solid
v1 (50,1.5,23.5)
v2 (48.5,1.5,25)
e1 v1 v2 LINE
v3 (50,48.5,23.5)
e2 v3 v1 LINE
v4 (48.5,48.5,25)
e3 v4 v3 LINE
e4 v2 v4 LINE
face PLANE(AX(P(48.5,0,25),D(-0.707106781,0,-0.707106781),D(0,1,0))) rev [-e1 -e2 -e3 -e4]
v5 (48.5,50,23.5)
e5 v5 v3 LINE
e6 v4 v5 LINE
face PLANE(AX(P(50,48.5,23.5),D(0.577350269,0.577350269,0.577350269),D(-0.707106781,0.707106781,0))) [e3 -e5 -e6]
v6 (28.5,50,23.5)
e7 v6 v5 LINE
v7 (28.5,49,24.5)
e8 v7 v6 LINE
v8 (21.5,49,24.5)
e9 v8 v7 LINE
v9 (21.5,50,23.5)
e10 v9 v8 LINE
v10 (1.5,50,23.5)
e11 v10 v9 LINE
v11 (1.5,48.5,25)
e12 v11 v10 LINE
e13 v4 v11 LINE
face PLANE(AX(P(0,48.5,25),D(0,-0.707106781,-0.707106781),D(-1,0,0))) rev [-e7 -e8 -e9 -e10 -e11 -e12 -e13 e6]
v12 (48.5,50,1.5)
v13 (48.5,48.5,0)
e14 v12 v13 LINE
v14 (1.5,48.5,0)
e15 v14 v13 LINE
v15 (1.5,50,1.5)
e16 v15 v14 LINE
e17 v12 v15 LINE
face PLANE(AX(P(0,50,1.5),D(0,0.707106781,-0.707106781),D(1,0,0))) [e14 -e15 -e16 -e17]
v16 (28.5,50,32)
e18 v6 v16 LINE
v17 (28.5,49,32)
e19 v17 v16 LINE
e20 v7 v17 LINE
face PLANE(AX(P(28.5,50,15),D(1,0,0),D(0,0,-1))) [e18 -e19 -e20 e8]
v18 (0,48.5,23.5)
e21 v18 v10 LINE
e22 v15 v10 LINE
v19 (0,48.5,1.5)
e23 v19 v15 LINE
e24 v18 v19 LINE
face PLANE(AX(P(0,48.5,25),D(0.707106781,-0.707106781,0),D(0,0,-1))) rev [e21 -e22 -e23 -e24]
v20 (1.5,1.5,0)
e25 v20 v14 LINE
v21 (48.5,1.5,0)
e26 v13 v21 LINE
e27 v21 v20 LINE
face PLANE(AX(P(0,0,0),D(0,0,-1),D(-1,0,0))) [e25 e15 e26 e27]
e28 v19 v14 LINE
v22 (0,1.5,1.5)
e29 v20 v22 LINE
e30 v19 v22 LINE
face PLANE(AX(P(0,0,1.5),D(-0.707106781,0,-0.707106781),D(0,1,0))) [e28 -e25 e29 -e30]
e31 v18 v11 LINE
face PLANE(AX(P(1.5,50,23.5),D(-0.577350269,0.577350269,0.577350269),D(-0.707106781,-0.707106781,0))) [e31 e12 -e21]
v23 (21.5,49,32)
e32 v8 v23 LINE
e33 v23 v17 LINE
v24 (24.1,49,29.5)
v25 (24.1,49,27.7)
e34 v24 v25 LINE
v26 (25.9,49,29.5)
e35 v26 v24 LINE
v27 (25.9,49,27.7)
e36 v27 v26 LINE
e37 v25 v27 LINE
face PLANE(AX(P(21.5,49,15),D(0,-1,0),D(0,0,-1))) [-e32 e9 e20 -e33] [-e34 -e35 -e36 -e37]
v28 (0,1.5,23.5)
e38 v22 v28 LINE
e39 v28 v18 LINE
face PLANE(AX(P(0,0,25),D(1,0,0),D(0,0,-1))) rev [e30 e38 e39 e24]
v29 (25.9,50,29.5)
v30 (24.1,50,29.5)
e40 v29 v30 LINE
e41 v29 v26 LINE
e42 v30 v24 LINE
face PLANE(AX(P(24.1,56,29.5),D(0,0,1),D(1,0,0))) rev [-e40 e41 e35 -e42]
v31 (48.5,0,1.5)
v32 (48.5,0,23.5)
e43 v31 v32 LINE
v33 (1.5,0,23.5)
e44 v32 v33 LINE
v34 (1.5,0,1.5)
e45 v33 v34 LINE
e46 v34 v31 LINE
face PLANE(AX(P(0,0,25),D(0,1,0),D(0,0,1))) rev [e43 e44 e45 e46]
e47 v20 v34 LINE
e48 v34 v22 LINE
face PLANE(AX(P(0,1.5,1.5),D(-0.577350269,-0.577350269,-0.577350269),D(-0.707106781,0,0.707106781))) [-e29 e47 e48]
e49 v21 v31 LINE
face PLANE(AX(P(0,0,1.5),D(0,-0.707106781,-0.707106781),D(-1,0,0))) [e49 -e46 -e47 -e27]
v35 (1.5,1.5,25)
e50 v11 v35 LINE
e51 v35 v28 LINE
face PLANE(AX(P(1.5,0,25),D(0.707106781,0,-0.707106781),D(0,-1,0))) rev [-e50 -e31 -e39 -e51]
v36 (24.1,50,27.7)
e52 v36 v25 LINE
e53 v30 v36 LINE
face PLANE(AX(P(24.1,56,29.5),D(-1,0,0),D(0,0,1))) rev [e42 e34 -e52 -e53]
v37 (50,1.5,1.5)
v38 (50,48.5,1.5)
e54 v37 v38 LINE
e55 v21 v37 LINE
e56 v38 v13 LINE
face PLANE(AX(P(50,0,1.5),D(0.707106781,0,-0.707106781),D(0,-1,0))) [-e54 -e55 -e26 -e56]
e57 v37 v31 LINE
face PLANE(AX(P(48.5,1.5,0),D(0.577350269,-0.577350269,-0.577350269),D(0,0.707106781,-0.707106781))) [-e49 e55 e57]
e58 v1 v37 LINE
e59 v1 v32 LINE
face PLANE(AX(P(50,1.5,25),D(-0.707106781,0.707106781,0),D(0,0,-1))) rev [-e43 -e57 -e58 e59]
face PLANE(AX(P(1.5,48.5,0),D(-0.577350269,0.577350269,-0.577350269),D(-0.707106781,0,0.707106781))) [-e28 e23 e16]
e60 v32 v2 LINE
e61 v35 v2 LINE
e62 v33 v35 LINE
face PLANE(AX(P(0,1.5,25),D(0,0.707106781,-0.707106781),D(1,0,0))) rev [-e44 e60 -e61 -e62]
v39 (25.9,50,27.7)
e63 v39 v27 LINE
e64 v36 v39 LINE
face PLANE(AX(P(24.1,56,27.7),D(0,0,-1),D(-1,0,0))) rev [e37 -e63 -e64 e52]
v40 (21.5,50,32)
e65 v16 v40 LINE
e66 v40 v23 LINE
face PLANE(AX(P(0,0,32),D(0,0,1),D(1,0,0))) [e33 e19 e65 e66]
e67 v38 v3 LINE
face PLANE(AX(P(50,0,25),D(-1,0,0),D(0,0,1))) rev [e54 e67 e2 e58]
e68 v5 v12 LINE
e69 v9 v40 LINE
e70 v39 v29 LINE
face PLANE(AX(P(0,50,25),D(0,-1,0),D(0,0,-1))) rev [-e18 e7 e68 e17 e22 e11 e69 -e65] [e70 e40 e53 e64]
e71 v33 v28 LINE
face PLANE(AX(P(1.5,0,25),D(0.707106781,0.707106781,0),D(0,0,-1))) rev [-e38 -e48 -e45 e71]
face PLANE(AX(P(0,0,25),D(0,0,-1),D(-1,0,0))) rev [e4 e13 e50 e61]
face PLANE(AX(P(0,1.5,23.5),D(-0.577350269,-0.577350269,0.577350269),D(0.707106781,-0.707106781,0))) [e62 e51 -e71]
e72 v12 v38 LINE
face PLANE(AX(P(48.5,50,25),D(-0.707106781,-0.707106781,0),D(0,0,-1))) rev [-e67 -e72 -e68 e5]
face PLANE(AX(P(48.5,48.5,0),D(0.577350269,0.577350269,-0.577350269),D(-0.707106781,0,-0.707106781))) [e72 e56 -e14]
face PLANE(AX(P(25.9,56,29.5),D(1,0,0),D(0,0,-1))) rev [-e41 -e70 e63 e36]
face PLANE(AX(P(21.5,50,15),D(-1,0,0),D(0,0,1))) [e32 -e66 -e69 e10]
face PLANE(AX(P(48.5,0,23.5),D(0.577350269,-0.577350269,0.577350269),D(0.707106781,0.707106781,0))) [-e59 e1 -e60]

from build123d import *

# Parameters (mm, degrees)
SKETCH1_W                = 50
SKETCH1_H                = 50
BOSS_EXTRUDE1_DEPTH      = 25
CHAMFER1_SIZE            = 1.5
BOSS_EXTRUDE2_DEPTH      = 7
BOSS_EXTRUDE2_DEPTH_BACK = 10
SKETCH2_W                = 7
SKETCH2_H                = 1
SKETCH3_W                = 1.8
SKETCH3_H                = 1.8
CUT_EXTRUDE1_DEPTH       = 7


with BuildPart() as part:
    # Sketch1 → Boss-Extrude1 (new body)
    with BuildSketch(Plane.XY):
        with Locations((25, 25)):
            Rectangle(SKETCH1_W, SKETCH1_H)
    extrude(amount=BOSS_EXTRUDE1_DEPTH)

    # Chamfer1
    chamfer1_edges = [part.edges().sort_by_distance(p)[0] for p in [
        (50, 25, 25),
        (25, 50, 25),
        (0, 25, 25),
        (25, 50, 0),
        (50, 25, 0),
        (25, 0, 0),
        (0, 25, 0),
        (25, 0, 25),
        (0, 50, 12.5),
        (50, 50, 12.5),
        (50, 0, 12.5),
        (0, 0, 12.5),
    ]]
    chamfer(chamfer1_edges, length=CHAMFER1_SIZE)

    # Sketch2 → Boss-Extrude2 (add, two sides: drawn at the far end of the back side and taken through both)
    with BuildSketch(Plane.XY.offset(25).offset(-BOSS_EXTRUDE2_DEPTH_BACK)):
        with Locations((25, 49.5)):
            Rectangle(SKETCH2_W, SKETCH2_H)
    extrude(amount=BOSS_EXTRUDE2_DEPTH + BOSS_EXTRUDE2_DEPTH_BACK)

    # Sketch3 → Cut-Extrude1 (cut)
    with BuildSketch(Plane.XZ.offset(-49)):
        with Locations((25, 28.6)):
            Rectangle(SKETCH3_W, SKETCH3_H)
    extrude(amount=-CUT_EXTRUDE1_DEPTH, mode=Mode.SUBTRACT)


solid = part.part
